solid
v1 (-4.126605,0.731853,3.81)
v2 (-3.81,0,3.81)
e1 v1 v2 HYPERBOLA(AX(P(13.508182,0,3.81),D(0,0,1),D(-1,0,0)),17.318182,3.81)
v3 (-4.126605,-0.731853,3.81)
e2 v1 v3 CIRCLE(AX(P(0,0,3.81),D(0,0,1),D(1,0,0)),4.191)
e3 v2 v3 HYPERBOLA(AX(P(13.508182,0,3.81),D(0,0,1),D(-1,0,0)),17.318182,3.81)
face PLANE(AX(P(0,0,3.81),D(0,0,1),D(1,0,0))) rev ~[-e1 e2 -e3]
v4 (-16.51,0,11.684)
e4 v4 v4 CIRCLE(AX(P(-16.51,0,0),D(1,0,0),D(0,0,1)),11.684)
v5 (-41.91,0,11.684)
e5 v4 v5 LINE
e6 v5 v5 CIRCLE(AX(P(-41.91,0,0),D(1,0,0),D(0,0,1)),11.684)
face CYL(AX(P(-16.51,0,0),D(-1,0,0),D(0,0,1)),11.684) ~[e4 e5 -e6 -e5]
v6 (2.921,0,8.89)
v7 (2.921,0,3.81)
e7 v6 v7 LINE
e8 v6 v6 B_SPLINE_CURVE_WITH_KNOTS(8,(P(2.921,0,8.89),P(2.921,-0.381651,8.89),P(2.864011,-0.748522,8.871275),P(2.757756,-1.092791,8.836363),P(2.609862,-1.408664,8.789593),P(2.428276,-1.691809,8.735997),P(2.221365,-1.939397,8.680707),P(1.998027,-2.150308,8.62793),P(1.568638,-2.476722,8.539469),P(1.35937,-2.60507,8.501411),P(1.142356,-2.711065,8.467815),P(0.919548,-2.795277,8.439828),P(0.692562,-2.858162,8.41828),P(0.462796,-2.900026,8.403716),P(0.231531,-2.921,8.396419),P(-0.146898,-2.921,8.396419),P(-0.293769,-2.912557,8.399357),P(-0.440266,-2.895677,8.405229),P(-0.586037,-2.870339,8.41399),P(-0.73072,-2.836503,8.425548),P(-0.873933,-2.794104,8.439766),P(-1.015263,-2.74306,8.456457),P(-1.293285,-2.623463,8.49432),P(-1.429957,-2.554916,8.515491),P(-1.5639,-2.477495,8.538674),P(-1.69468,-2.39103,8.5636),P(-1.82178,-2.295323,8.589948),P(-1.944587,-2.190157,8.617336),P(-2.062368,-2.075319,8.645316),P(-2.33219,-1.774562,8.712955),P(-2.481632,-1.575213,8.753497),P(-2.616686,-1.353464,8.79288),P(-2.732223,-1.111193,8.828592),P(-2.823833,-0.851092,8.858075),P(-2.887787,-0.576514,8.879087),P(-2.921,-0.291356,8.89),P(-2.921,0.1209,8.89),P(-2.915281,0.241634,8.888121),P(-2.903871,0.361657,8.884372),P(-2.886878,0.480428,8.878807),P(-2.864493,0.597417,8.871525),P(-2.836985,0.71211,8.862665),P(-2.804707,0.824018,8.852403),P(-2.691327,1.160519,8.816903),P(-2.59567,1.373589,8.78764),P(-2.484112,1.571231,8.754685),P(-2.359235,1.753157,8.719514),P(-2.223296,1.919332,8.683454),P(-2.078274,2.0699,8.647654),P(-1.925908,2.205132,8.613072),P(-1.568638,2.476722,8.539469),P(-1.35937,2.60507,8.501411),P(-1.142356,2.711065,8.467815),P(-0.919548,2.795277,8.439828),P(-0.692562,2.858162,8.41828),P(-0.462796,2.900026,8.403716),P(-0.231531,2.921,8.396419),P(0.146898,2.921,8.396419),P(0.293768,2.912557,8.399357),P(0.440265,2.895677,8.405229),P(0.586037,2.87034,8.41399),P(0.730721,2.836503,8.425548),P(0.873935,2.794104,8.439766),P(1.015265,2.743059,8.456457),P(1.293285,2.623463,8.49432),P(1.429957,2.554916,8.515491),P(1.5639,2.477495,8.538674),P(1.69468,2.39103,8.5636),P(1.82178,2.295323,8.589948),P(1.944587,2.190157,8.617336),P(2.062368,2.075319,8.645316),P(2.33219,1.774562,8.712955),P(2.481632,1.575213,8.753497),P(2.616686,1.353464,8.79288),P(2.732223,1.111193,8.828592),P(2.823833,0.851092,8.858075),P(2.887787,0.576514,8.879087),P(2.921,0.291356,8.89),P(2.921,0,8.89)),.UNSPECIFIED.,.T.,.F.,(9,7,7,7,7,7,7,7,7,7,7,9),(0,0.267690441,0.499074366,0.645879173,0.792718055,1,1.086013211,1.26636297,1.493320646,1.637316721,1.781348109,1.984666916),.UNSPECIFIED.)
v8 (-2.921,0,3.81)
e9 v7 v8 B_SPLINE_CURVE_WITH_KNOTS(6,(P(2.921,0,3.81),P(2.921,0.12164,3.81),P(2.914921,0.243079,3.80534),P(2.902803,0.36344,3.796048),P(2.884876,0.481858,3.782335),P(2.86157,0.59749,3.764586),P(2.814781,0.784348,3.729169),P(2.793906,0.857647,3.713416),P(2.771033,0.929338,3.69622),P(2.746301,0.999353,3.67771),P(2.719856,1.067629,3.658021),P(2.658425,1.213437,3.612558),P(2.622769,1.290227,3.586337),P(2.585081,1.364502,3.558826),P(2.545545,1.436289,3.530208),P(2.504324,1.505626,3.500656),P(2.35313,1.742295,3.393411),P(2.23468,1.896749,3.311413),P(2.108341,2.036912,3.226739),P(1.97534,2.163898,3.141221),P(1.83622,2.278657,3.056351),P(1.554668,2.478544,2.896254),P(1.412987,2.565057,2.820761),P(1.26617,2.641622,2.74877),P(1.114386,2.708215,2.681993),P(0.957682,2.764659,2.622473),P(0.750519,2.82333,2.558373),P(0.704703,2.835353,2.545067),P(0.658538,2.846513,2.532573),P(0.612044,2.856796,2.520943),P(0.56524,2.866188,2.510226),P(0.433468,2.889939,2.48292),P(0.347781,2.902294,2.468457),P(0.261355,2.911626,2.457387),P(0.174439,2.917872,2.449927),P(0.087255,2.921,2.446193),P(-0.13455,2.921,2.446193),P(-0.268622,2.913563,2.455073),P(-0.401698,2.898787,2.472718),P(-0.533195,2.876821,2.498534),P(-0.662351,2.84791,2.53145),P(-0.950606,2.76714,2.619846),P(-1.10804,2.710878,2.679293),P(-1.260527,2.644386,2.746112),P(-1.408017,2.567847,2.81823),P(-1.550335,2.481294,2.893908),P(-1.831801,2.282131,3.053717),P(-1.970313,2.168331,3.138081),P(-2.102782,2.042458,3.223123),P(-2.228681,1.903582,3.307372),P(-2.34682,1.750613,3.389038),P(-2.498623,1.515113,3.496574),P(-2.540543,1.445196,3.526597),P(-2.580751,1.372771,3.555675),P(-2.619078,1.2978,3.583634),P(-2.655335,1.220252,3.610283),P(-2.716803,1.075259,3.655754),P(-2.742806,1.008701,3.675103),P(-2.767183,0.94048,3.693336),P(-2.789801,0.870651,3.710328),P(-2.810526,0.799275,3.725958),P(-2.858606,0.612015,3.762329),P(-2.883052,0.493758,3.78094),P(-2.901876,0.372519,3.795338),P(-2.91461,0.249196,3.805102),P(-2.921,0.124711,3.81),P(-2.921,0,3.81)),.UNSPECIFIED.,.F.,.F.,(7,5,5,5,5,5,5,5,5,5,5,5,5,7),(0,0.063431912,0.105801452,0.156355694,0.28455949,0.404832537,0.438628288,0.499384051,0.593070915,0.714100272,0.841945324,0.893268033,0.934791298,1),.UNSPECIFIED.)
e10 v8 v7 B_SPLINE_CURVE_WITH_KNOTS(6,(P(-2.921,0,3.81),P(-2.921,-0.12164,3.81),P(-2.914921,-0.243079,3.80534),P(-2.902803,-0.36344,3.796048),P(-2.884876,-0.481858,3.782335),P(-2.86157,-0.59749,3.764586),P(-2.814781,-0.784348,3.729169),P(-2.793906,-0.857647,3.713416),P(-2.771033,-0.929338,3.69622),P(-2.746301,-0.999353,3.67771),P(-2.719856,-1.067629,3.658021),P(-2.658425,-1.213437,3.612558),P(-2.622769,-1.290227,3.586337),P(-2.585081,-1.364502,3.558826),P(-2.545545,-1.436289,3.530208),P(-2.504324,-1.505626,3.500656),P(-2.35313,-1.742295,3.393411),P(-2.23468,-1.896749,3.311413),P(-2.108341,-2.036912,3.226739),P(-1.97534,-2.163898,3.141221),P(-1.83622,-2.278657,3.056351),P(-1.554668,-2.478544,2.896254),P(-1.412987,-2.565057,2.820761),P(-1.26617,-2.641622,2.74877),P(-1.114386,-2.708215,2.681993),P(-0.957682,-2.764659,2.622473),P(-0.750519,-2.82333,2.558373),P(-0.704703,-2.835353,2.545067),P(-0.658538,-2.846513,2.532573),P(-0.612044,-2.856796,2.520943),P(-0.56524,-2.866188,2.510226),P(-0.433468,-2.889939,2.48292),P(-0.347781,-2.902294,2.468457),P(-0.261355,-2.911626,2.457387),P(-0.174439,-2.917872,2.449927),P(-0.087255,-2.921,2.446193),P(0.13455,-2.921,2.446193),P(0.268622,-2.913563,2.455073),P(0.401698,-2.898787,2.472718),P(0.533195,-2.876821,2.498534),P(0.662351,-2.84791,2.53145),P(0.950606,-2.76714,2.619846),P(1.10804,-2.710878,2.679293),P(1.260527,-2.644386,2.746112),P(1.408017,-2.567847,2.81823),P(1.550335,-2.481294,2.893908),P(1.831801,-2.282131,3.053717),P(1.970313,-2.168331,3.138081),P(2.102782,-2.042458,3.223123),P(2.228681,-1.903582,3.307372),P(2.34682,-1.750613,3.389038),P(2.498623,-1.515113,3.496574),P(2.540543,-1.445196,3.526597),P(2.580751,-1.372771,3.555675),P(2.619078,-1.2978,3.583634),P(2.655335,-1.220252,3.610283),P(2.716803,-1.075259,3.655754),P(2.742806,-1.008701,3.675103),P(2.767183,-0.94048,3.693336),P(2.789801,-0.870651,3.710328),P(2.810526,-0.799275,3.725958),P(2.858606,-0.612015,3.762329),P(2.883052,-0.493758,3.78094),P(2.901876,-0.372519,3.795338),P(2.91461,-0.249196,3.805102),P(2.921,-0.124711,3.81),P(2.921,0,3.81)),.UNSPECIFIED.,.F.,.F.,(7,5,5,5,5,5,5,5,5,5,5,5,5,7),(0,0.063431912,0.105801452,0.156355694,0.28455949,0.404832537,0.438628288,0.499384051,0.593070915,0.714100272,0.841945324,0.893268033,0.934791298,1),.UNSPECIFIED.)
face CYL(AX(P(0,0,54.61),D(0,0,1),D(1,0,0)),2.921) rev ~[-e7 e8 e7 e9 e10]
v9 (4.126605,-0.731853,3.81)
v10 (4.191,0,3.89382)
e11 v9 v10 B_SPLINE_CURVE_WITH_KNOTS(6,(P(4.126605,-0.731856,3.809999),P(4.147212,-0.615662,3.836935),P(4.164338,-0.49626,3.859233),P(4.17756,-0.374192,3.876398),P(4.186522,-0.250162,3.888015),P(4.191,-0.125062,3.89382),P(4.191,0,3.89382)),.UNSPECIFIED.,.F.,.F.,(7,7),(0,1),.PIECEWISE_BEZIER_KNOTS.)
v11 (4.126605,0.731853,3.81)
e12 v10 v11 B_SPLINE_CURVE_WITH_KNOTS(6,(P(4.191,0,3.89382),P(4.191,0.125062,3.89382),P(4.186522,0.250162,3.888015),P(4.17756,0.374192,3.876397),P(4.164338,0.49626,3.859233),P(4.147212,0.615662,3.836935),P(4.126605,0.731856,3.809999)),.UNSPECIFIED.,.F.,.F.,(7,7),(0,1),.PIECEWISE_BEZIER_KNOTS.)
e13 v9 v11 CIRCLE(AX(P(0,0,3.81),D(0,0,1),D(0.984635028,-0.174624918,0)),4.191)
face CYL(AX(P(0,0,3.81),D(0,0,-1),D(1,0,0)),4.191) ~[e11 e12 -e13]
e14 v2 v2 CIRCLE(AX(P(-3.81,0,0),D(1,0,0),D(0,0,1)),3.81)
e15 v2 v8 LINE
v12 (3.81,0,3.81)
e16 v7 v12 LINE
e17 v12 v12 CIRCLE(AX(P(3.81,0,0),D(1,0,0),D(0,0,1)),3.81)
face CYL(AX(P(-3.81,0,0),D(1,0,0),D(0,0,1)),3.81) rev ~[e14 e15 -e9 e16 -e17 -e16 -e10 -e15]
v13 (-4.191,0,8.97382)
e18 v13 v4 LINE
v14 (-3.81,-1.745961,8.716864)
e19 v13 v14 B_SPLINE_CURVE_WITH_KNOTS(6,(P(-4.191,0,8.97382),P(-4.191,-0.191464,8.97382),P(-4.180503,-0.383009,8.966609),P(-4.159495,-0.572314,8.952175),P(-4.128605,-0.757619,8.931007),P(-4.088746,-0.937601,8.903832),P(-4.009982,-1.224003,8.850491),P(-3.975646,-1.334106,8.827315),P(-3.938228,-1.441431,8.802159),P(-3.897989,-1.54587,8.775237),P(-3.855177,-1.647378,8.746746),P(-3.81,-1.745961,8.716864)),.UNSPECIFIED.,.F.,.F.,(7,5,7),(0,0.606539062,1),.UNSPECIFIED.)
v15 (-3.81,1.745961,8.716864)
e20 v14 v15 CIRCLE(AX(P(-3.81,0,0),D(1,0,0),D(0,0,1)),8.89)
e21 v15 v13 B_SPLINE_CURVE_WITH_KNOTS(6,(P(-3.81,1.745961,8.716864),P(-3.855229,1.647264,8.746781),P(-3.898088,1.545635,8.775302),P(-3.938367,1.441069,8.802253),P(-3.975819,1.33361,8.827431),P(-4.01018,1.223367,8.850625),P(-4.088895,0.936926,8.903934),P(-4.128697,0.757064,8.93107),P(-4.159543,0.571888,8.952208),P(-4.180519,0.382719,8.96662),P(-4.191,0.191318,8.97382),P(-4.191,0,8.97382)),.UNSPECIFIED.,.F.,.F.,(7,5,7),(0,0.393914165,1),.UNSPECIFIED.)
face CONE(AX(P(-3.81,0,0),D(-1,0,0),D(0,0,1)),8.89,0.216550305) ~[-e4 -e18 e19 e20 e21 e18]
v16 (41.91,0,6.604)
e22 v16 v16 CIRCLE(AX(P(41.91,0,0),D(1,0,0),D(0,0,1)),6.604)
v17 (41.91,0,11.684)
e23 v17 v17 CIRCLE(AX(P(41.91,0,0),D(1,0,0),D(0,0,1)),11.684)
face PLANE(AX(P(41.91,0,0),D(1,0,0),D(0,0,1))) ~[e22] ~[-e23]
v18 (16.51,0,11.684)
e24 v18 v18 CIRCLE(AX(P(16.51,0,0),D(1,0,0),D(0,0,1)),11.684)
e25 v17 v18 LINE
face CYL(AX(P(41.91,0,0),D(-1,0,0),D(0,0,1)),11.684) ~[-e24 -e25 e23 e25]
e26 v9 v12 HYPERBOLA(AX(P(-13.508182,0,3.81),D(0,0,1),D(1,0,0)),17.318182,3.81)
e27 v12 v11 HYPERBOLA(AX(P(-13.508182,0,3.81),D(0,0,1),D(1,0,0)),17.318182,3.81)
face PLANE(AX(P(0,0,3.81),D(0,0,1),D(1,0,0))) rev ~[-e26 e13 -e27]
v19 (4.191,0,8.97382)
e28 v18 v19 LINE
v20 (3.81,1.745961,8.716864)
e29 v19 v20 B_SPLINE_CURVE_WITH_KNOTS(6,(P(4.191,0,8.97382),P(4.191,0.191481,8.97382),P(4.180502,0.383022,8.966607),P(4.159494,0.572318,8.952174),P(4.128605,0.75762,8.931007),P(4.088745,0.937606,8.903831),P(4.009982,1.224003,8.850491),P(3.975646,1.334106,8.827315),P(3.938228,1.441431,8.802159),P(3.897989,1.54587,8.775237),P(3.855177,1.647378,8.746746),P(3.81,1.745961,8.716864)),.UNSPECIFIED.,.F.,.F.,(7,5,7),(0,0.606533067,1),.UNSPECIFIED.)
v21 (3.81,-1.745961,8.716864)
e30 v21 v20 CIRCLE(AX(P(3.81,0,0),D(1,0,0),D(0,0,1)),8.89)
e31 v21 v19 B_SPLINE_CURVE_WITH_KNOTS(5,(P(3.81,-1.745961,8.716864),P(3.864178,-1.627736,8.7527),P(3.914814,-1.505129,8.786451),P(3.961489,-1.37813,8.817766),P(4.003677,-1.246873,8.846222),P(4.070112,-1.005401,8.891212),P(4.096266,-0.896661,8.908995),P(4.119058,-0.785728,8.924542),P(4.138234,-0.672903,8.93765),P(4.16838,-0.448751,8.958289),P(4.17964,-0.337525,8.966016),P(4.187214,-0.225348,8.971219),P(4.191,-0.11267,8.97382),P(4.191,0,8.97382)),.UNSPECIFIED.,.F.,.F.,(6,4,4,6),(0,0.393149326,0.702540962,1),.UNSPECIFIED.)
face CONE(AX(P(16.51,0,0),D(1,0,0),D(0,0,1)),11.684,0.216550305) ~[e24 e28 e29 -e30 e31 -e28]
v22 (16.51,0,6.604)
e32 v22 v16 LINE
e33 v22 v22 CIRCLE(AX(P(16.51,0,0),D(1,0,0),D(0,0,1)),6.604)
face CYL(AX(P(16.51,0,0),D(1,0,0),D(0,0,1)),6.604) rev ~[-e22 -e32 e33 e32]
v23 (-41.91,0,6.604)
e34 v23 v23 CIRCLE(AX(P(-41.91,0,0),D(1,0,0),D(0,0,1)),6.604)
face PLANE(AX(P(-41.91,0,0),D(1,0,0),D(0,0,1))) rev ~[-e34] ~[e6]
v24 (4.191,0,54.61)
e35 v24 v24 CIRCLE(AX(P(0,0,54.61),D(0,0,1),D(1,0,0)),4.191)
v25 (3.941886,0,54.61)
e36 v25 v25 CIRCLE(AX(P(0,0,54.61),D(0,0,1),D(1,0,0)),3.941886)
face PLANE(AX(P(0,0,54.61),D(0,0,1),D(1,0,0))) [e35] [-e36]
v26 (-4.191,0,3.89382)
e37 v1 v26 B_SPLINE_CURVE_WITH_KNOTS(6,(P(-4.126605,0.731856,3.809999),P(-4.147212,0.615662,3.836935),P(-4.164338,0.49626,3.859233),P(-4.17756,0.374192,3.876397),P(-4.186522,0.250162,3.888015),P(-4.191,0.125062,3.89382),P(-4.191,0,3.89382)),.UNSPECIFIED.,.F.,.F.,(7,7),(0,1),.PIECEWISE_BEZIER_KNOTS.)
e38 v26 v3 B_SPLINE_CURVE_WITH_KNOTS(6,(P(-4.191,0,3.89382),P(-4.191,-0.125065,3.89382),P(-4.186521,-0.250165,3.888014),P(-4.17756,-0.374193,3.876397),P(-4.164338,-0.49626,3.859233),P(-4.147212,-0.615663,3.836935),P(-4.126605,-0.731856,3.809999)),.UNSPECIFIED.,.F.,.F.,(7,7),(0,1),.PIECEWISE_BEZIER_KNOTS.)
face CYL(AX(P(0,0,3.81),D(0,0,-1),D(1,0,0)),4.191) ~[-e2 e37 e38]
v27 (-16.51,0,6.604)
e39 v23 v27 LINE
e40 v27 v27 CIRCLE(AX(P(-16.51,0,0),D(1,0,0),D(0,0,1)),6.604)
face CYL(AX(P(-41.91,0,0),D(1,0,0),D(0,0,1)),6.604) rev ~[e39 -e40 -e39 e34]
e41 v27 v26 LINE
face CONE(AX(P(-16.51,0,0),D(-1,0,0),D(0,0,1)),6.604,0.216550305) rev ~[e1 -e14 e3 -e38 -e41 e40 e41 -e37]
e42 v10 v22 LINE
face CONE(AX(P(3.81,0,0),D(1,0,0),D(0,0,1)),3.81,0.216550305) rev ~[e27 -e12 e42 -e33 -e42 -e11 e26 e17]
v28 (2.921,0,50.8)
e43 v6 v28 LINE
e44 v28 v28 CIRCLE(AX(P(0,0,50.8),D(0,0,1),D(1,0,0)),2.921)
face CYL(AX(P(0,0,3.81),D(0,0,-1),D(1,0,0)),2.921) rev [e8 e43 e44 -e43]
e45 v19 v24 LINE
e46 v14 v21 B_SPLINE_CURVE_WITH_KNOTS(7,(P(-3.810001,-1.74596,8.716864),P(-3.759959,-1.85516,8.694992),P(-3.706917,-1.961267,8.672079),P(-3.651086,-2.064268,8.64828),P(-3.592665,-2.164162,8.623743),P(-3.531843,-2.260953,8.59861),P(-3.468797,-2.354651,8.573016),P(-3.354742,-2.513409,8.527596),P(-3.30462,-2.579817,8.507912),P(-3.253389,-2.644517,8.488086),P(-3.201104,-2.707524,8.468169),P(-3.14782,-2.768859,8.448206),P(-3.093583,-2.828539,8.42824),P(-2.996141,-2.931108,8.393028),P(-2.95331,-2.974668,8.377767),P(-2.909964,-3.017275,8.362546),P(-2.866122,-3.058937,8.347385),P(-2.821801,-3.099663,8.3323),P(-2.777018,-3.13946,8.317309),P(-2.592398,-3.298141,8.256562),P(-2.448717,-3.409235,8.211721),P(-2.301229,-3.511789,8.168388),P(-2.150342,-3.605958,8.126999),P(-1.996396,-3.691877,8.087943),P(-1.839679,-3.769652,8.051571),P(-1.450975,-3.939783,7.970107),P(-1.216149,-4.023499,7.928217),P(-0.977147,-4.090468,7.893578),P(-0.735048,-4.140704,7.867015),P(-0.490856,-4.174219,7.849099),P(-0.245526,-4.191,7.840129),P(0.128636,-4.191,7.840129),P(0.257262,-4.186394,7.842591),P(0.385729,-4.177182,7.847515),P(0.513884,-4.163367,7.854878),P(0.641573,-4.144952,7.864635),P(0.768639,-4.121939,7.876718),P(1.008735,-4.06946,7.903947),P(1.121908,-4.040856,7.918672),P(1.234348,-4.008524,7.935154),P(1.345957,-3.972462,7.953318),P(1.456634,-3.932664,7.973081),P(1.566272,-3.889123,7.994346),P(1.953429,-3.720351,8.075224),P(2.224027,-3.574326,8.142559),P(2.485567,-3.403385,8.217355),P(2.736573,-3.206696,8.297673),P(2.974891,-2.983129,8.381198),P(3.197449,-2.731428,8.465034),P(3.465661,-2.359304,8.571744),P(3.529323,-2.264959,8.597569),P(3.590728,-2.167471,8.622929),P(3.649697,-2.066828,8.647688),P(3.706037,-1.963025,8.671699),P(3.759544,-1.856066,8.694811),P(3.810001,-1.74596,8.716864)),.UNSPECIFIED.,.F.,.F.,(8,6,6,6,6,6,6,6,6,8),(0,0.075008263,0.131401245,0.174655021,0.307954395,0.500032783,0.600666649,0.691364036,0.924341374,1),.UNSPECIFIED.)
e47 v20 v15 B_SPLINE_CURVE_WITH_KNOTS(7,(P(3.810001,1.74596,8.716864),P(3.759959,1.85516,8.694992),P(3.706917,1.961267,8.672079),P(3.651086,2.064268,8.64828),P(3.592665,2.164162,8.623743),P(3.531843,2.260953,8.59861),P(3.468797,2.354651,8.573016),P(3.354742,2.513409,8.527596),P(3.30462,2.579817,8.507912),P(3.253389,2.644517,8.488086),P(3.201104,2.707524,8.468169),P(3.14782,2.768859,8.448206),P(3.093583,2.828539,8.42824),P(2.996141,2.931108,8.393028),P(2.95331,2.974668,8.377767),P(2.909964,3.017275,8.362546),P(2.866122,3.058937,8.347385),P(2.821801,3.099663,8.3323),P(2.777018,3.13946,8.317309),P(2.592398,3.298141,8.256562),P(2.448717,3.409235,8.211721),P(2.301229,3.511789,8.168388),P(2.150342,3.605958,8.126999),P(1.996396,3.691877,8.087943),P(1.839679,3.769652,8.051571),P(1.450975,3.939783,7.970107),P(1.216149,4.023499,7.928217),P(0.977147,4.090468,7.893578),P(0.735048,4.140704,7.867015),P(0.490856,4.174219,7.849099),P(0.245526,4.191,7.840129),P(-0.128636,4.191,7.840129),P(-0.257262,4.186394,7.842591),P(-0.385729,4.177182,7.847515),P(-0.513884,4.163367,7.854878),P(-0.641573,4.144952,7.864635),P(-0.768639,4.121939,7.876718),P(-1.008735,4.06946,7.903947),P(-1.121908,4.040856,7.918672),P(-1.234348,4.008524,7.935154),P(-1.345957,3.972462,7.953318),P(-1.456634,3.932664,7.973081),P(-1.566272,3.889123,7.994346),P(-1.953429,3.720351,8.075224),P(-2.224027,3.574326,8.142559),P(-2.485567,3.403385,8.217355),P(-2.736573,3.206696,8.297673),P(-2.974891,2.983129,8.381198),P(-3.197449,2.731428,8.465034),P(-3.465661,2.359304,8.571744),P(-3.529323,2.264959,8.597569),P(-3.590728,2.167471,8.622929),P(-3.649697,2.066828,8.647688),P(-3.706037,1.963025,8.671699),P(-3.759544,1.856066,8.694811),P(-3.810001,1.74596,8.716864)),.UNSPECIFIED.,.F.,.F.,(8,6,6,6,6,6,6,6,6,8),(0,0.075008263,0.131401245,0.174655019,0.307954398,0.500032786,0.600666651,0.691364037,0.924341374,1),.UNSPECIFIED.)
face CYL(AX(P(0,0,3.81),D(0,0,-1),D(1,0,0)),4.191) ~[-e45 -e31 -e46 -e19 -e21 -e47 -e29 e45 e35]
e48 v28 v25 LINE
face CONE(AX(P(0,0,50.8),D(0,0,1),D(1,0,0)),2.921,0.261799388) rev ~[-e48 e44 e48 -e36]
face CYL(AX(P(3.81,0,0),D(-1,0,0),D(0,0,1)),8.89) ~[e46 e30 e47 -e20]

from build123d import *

# Parameters (mm, degrees)
F3_R     = 4.191
F3_R_2   = 2.921
F4_DEPTH = 50.8
F5_SIZE2 = 1.0208864232
F5_SIZE  = 3.81
F6_R     = 2.921
F7_DEPTH = 53.34


with BuildPart() as f1:
    # F0 (on Front) → F1 (revolve)
    with BuildSketch(Plane.XZ):
        Polygon((-3.81, 3.81), (0, 3.81), (3.81, 3.81), (16.51, 6.604), (41.91, 6.604), (41.91, 11.684), (16.51, 11.684), (3.81, 8.89), (0, 8.89), (-3.81, 8.89), (-16.51, 11.684), (-41.91, 11.684), (-41.91, 6.604), (-16.51, 6.604), align=None)
    revolve(axis=Axis((2.9206331819, 0, 0), (1, 0, 0)))

    # F3 (on offset) → F4 (join)
    with BuildSketch(Plane.XY.offset(3.81)):
        Circle(F3_R)
        Circle(F3_R_2, mode=Mode.SUBTRACT)
    extrude(amount=F4_DEPTH)

    # F5
    f5_edges = [f1.edges().sort_by_distance(p)[0] for p in [
        (-2.921, 0, 54.61),
    ]]
    f5_side = f1.faces().sort_by_distance((-2.921, 0, 31.503029))[0]
    chamfer(f5_edges, length=F5_SIZE, length2=F5_SIZE2, reference=f5_side)

    # F6 (on face) → F7 (cut)
    with BuildSketch(Plane.XY.offset(54.61)):
        Circle(F6_R)
    extrude(amount=-F7_DEPTH, mode=Mode.SUBTRACT)


solid = f1.part
